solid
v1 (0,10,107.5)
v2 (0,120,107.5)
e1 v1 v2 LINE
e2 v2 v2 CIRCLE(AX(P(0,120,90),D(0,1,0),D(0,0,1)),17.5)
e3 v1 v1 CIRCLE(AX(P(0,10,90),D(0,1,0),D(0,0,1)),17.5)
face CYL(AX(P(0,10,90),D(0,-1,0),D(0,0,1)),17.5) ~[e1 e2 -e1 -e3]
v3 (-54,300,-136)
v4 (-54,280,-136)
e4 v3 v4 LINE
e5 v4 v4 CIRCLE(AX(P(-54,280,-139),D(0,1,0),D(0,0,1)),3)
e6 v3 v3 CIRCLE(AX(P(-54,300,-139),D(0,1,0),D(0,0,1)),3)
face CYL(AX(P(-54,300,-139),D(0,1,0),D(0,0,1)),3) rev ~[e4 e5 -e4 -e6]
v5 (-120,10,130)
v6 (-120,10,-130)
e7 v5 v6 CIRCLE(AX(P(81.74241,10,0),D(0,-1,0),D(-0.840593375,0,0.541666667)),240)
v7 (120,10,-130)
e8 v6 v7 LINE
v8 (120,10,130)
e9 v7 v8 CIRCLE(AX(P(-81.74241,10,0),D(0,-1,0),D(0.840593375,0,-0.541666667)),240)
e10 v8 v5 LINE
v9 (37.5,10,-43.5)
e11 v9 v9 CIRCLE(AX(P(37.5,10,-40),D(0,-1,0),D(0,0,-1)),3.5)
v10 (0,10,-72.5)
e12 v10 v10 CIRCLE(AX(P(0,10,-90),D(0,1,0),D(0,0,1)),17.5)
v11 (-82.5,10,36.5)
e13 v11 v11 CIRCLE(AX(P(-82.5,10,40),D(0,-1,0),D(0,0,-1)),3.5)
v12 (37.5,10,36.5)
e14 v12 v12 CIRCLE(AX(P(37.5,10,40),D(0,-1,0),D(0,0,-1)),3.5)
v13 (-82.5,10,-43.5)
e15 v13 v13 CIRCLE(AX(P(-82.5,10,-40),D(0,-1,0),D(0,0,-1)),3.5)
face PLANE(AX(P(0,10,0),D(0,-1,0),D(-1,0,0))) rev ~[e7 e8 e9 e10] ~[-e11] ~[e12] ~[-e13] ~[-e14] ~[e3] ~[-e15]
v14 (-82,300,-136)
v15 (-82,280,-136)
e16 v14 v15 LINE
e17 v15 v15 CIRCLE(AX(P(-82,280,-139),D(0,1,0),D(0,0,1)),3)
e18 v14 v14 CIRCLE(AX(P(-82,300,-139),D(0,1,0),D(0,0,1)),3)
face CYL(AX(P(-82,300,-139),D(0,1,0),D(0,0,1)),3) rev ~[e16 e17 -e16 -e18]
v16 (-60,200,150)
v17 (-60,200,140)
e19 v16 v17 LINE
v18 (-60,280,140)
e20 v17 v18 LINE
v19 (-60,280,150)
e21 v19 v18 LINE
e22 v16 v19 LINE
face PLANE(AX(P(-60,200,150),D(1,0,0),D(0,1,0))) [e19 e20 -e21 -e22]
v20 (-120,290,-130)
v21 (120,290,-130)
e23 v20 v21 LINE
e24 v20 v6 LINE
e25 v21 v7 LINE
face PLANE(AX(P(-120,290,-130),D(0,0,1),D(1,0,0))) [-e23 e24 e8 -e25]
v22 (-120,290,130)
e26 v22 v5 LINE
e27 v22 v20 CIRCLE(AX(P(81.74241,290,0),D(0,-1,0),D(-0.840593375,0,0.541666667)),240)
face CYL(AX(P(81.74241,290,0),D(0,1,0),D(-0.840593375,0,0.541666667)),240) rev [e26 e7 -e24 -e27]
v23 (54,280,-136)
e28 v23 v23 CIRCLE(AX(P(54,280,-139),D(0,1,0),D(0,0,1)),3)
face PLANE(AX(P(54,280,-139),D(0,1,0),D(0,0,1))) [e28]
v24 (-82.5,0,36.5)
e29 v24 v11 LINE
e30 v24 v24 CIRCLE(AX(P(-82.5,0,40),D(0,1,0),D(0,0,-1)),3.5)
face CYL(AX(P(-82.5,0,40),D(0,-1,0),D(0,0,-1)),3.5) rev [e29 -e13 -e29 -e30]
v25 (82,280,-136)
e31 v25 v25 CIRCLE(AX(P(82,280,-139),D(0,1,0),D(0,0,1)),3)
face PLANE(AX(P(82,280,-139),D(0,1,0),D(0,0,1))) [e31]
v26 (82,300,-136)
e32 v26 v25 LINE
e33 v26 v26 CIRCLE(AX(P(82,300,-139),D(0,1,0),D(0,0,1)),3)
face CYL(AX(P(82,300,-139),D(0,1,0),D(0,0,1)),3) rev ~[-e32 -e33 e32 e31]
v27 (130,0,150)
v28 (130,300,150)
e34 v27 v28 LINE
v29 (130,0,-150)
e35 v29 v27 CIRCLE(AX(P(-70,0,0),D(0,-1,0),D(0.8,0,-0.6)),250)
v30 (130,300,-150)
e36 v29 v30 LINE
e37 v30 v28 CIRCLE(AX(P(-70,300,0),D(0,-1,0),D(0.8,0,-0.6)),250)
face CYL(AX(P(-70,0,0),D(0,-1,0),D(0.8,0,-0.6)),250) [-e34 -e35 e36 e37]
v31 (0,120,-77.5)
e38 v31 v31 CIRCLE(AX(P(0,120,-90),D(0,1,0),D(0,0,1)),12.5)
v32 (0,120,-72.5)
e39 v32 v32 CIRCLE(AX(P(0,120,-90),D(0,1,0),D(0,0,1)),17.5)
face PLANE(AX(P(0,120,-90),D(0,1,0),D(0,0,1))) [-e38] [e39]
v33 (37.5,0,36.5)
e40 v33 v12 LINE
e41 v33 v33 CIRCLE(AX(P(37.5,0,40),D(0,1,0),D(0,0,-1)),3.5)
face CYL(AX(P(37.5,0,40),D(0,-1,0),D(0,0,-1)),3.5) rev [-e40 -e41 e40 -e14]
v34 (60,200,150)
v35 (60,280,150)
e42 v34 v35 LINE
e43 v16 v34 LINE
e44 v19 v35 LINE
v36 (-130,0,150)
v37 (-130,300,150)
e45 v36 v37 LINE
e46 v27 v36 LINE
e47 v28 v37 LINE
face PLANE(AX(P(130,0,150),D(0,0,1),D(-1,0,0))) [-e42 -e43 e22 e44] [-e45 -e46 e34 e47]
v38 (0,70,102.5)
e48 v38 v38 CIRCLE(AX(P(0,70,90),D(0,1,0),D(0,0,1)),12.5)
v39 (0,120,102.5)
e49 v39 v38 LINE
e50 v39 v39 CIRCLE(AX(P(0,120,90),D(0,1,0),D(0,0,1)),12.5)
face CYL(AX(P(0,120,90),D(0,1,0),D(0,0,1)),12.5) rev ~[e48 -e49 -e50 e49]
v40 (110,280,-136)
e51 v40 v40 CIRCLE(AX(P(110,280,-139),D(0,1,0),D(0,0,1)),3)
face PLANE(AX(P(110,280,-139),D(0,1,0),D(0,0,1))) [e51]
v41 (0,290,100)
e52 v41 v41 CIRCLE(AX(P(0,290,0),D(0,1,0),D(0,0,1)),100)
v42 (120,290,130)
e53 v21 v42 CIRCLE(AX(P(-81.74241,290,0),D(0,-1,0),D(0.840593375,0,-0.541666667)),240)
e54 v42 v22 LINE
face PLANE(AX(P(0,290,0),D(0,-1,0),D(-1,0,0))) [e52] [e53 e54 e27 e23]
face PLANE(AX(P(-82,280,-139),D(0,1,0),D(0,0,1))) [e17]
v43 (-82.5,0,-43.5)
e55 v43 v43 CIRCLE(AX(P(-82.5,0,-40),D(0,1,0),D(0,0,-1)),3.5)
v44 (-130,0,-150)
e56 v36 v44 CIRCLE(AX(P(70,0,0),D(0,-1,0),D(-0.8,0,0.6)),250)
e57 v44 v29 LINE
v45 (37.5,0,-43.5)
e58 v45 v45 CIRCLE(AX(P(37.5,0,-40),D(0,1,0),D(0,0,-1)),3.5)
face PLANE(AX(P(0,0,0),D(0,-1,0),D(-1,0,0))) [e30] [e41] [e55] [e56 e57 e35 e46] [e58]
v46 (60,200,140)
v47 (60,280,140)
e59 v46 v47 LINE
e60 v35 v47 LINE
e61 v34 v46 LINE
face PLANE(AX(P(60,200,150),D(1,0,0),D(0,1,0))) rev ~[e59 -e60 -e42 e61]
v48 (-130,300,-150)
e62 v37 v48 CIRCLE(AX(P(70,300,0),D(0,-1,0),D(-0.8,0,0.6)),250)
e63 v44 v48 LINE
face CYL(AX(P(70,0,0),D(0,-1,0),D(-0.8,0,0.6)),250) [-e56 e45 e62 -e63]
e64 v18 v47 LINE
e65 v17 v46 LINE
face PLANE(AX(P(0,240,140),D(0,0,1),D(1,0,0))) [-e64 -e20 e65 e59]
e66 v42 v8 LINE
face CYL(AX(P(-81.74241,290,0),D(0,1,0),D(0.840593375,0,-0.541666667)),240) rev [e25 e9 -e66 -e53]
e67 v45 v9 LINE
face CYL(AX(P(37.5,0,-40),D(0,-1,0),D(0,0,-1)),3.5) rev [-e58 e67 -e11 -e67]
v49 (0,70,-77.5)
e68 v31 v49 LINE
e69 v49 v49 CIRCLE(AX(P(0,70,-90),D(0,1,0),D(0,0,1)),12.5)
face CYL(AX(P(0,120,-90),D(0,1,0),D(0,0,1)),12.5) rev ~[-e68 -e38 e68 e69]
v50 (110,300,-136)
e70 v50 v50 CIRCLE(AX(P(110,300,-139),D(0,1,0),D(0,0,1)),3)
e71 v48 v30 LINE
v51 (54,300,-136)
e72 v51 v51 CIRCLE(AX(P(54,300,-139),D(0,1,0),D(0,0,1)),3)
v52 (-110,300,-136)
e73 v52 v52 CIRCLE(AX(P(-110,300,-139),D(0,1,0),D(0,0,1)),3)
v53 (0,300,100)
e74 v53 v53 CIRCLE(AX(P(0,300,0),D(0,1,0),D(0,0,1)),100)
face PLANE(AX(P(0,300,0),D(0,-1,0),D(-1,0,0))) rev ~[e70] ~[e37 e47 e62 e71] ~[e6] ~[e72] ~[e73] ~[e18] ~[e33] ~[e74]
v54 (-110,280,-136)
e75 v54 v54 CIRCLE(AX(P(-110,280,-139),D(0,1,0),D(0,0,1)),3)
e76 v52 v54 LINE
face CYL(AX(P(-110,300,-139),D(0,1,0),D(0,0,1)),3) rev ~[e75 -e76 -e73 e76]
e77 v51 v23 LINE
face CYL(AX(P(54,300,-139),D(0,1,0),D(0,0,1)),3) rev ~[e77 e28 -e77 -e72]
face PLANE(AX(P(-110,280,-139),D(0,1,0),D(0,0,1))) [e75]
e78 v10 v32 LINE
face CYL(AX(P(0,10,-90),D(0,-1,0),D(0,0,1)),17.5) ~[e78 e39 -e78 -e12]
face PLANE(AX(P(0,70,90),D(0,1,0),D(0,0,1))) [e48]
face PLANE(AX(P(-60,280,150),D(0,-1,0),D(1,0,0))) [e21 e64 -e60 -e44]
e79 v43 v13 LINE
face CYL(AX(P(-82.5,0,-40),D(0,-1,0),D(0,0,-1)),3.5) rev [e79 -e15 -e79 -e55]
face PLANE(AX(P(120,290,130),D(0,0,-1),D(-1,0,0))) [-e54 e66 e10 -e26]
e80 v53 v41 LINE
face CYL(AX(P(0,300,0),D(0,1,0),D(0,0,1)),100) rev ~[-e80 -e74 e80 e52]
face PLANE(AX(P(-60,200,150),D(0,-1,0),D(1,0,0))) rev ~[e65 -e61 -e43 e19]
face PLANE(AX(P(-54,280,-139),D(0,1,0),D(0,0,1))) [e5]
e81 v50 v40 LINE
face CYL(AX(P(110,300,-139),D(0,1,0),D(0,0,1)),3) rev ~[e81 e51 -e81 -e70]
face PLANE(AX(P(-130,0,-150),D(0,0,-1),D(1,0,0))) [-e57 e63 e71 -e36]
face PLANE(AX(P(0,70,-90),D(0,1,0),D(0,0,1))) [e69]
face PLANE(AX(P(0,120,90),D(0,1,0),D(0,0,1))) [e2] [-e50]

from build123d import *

# Parameters (mm, degrees)
BOSS_EXTRUDE1_DEPTH      = 300
CUT_EXTRUDE8_DEPTH       = 280
COMPARTMENT_INPUT_R      = 100
CUT_EXTRUDE1_DEPTH       = 240
LCD_W                    = 120
LCD_H                    = 80
CUT_EXTRUDE2_DEPTH       = 10
HINGE_HOLES_R            = 3
CUT_EXTRUDE3_DEPTH       = 20
POLES_FOR_MIDDLE_LAYER_R = 17.5
BOSS_EXTRUDE2_DEPTH      = 110
HOLES_FOR_POLES_R        = 12.5
CUT_EXTRUDE6_DEPTH       = 50
CUT_EXTRUDE9_REACH       = 382.657
POWER_SUPPLY_HOLES_R     = 3.5


with BuildPart() as part:
    # Case 2 → Boss-Extrude1 (new body)
    with BuildSketch(Plane(origin=(0, 0, 0), x_dir=(1, 0, 0), z_dir=(0, 1, 0))):
        with BuildLine():
            Line((-130, 150), (130, 150))
            ThreePointArc((130, 150), (180, 0), (130, -150))
            Line((130, -150), (-130, -150))
            ThreePointArc((-130, -150), (-180, 0), (-130, 150))
        make_face()
    extrude(amount=BOSS_EXTRUDE1_DEPTH)

    # Hollow compartment → Cut-Extrude8 (cut)
    with BuildSketch(Plane(origin=(0, 290, 0), x_dir=(1, 0, 0), z_dir=(0, 1, 0))):
        with BuildLine():
            Line((-120, 130), (120, 130))
            ThreePointArc((120, 130), (158.257589982, 0), (120, -130))
            Line((120, -130), (-120, -130))
            ThreePointArc((-120, -130), (-158.257589982, 0), (-120, 130))
        make_face()
    extrude(amount=-CUT_EXTRUDE8_DEPTH, mode=Mode.SUBTRACT)

    # Compartment Input → Cut-Extrude1 (cut)
    with BuildSketch(Plane(origin=(0, 300, 0), x_dir=(1, 0, 0), z_dir=(0, 1, 0))):
        with Locations(Location((0, 0, 0), (0, 0, 270))):
            Circle(COMPARTMENT_INPUT_R)
    extrude(amount=-CUT_EXTRUDE1_DEPTH, mode=Mode.SUBTRACT)

    # LCD → Cut-Extrude2 (cut)
    with BuildSketch(Plane.XY.offset(150)):
        with Locations((0, 240)):
            Rectangle(LCD_W, LCD_H)
    extrude(amount=-CUT_EXTRUDE2_DEPTH, mode=Mode.SUBTRACT)

    # Hinge holes → Cut-Extrude3 (cut)
    with BuildSketch(Plane(origin=(0, 300, 0), x_dir=(1, 0, 0), z_dir=(0, 1, 0))):
        with Locations(Location((-110, 139, 0), (0, 0, 270))):
            Circle(HINGE_HOLES_R)
        with Locations(Location((-82, 139, 0), (0, 0, 270))):
            Circle(HINGE_HOLES_R)
        with Locations(Location((-54, 139, 0), (0, 0, 270))):
            Circle(HINGE_HOLES_R)
        with Locations(Location((54, 139, 0), (0, 0, 270))):
            Circle(HINGE_HOLES_R)
        with Locations(Location((82, 139, 0), (0, 0, 270))):
            Circle(HINGE_HOLES_R)
        with Locations(Location((110, 139, 0), (0, 0, 270))):
            Circle(HINGE_HOLES_R)
    extrude(amount=-CUT_EXTRUDE3_DEPTH, mode=Mode.SUBTRACT)

    # Poles for middle layer → Boss-Extrude2 (add)
    with BuildSketch(Plane(origin=(0, 10, 0), x_dir=(1, 0, 0), z_dir=(0, 1, 0))):
        with Locations(Location((0, 90, 0), (0, 0, 270))):
            Circle(POLES_FOR_MIDDLE_LAYER_R)
        with Locations(Location((0, -90, 0), (0, 0, 270))):
            Circle(POLES_FOR_MIDDLE_LAYER_R)
    extrude(amount=BOSS_EXTRUDE2_DEPTH)

    # Holes for poles → Cut-Extrude6 (cut)
    with BuildSketch(Plane(origin=(0, 120, 0), x_dir=(1, 0, 0), z_dir=(0, 1, 0))):
        with Locations(Location((0, -90, 0), (0, 0, 270))):
            Circle(HOLES_FOR_POLES_R)
        with Locations(Location((0, 90, 0), (0, 0, 270))):
            Circle(HOLES_FOR_POLES_R)
    extrude(amount=-CUT_EXTRUDE6_DEPTH, mode=Mode.SUBTRACT)

    # Power supply holes → Cut-Extrude9 (cut, up to next)
    with BuildSketch(Plane(origin=(0, 0, 0), x_dir=(1, 0, 0), z_dir=(0, 1, 0)), mode=Mode.PRIVATE) as cut_extrude9_sk1:
        with Locations(Location((-82.5, 40, 0), (0, 0, 90))):
            Circle(POWER_SUPPLY_HOLES_R)
    cut_extrude9_tool1 = extrude(cut_extrude9_sk1.sketch, amount=CUT_EXTRUDE9_REACH, mode=Mode.PRIVATE) & part.part
    # Power supply holes → Cut-Extrude9 (cut, up to next)
    with BuildSketch(Plane(origin=(0, 0, 0), x_dir=(1, 0, 0), z_dir=(0, 1, 0)), mode=Mode.PRIVATE) as cut_extrude9_sk2:
        with Locations(Location((37.5, 40, 0), (0, 0, 90))):
            Circle(POWER_SUPPLY_HOLES_R)
    cut_extrude9_tool2 = extrude(cut_extrude9_sk2.sketch, amount=CUT_EXTRUDE9_REACH, mode=Mode.PRIVATE) & part.part
    # Power supply holes → Cut-Extrude9 (cut, up to next)
    with BuildSketch(Plane(origin=(0, 0, 0), x_dir=(1, 0, 0), z_dir=(0, 1, 0)), mode=Mode.PRIVATE) as cut_extrude9_sk3:
        with Locations(Location((37.5, -40, 0), (0, 0, 90))):
            Circle(POWER_SUPPLY_HOLES_R)
    cut_extrude9_tool3 = extrude(cut_extrude9_sk3.sketch, amount=CUT_EXTRUDE9_REACH, mode=Mode.PRIVATE) & part.part
    # Power supply holes → Cut-Extrude9 (cut, up to next)
    with BuildSketch(Plane(origin=(0, 0, 0), x_dir=(1, 0, 0), z_dir=(0, 1, 0)), mode=Mode.PRIVATE) as cut_extrude9_sk4:
        with Locations(Location((-82.5, -40, 0), (0, 0, 90))):
            Circle(POWER_SUPPLY_HOLES_R)
    cut_extrude9_tool4 = extrude(cut_extrude9_sk4.sketch, amount=CUT_EXTRUDE9_REACH, mode=Mode.PRIVATE) & part.part
    add(cut_extrude9_tool1.solids().sort_by_distance((-82.5, 0, -40))[0], mode=Mode.SUBTRACT)
    add(cut_extrude9_tool2.solids().sort_by_distance((37.5, 0, -40))[0], mode=Mode.SUBTRACT)
    add(cut_extrude9_tool3.solids().sort_by_distance((37.5, 0, 40))[0], mode=Mode.SUBTRACT)
    add(cut_extrude9_tool4.solids().sort_by_distance((-82.5, 0, 40))[0], mode=Mode.SUBTRACT)


solid = part.part
